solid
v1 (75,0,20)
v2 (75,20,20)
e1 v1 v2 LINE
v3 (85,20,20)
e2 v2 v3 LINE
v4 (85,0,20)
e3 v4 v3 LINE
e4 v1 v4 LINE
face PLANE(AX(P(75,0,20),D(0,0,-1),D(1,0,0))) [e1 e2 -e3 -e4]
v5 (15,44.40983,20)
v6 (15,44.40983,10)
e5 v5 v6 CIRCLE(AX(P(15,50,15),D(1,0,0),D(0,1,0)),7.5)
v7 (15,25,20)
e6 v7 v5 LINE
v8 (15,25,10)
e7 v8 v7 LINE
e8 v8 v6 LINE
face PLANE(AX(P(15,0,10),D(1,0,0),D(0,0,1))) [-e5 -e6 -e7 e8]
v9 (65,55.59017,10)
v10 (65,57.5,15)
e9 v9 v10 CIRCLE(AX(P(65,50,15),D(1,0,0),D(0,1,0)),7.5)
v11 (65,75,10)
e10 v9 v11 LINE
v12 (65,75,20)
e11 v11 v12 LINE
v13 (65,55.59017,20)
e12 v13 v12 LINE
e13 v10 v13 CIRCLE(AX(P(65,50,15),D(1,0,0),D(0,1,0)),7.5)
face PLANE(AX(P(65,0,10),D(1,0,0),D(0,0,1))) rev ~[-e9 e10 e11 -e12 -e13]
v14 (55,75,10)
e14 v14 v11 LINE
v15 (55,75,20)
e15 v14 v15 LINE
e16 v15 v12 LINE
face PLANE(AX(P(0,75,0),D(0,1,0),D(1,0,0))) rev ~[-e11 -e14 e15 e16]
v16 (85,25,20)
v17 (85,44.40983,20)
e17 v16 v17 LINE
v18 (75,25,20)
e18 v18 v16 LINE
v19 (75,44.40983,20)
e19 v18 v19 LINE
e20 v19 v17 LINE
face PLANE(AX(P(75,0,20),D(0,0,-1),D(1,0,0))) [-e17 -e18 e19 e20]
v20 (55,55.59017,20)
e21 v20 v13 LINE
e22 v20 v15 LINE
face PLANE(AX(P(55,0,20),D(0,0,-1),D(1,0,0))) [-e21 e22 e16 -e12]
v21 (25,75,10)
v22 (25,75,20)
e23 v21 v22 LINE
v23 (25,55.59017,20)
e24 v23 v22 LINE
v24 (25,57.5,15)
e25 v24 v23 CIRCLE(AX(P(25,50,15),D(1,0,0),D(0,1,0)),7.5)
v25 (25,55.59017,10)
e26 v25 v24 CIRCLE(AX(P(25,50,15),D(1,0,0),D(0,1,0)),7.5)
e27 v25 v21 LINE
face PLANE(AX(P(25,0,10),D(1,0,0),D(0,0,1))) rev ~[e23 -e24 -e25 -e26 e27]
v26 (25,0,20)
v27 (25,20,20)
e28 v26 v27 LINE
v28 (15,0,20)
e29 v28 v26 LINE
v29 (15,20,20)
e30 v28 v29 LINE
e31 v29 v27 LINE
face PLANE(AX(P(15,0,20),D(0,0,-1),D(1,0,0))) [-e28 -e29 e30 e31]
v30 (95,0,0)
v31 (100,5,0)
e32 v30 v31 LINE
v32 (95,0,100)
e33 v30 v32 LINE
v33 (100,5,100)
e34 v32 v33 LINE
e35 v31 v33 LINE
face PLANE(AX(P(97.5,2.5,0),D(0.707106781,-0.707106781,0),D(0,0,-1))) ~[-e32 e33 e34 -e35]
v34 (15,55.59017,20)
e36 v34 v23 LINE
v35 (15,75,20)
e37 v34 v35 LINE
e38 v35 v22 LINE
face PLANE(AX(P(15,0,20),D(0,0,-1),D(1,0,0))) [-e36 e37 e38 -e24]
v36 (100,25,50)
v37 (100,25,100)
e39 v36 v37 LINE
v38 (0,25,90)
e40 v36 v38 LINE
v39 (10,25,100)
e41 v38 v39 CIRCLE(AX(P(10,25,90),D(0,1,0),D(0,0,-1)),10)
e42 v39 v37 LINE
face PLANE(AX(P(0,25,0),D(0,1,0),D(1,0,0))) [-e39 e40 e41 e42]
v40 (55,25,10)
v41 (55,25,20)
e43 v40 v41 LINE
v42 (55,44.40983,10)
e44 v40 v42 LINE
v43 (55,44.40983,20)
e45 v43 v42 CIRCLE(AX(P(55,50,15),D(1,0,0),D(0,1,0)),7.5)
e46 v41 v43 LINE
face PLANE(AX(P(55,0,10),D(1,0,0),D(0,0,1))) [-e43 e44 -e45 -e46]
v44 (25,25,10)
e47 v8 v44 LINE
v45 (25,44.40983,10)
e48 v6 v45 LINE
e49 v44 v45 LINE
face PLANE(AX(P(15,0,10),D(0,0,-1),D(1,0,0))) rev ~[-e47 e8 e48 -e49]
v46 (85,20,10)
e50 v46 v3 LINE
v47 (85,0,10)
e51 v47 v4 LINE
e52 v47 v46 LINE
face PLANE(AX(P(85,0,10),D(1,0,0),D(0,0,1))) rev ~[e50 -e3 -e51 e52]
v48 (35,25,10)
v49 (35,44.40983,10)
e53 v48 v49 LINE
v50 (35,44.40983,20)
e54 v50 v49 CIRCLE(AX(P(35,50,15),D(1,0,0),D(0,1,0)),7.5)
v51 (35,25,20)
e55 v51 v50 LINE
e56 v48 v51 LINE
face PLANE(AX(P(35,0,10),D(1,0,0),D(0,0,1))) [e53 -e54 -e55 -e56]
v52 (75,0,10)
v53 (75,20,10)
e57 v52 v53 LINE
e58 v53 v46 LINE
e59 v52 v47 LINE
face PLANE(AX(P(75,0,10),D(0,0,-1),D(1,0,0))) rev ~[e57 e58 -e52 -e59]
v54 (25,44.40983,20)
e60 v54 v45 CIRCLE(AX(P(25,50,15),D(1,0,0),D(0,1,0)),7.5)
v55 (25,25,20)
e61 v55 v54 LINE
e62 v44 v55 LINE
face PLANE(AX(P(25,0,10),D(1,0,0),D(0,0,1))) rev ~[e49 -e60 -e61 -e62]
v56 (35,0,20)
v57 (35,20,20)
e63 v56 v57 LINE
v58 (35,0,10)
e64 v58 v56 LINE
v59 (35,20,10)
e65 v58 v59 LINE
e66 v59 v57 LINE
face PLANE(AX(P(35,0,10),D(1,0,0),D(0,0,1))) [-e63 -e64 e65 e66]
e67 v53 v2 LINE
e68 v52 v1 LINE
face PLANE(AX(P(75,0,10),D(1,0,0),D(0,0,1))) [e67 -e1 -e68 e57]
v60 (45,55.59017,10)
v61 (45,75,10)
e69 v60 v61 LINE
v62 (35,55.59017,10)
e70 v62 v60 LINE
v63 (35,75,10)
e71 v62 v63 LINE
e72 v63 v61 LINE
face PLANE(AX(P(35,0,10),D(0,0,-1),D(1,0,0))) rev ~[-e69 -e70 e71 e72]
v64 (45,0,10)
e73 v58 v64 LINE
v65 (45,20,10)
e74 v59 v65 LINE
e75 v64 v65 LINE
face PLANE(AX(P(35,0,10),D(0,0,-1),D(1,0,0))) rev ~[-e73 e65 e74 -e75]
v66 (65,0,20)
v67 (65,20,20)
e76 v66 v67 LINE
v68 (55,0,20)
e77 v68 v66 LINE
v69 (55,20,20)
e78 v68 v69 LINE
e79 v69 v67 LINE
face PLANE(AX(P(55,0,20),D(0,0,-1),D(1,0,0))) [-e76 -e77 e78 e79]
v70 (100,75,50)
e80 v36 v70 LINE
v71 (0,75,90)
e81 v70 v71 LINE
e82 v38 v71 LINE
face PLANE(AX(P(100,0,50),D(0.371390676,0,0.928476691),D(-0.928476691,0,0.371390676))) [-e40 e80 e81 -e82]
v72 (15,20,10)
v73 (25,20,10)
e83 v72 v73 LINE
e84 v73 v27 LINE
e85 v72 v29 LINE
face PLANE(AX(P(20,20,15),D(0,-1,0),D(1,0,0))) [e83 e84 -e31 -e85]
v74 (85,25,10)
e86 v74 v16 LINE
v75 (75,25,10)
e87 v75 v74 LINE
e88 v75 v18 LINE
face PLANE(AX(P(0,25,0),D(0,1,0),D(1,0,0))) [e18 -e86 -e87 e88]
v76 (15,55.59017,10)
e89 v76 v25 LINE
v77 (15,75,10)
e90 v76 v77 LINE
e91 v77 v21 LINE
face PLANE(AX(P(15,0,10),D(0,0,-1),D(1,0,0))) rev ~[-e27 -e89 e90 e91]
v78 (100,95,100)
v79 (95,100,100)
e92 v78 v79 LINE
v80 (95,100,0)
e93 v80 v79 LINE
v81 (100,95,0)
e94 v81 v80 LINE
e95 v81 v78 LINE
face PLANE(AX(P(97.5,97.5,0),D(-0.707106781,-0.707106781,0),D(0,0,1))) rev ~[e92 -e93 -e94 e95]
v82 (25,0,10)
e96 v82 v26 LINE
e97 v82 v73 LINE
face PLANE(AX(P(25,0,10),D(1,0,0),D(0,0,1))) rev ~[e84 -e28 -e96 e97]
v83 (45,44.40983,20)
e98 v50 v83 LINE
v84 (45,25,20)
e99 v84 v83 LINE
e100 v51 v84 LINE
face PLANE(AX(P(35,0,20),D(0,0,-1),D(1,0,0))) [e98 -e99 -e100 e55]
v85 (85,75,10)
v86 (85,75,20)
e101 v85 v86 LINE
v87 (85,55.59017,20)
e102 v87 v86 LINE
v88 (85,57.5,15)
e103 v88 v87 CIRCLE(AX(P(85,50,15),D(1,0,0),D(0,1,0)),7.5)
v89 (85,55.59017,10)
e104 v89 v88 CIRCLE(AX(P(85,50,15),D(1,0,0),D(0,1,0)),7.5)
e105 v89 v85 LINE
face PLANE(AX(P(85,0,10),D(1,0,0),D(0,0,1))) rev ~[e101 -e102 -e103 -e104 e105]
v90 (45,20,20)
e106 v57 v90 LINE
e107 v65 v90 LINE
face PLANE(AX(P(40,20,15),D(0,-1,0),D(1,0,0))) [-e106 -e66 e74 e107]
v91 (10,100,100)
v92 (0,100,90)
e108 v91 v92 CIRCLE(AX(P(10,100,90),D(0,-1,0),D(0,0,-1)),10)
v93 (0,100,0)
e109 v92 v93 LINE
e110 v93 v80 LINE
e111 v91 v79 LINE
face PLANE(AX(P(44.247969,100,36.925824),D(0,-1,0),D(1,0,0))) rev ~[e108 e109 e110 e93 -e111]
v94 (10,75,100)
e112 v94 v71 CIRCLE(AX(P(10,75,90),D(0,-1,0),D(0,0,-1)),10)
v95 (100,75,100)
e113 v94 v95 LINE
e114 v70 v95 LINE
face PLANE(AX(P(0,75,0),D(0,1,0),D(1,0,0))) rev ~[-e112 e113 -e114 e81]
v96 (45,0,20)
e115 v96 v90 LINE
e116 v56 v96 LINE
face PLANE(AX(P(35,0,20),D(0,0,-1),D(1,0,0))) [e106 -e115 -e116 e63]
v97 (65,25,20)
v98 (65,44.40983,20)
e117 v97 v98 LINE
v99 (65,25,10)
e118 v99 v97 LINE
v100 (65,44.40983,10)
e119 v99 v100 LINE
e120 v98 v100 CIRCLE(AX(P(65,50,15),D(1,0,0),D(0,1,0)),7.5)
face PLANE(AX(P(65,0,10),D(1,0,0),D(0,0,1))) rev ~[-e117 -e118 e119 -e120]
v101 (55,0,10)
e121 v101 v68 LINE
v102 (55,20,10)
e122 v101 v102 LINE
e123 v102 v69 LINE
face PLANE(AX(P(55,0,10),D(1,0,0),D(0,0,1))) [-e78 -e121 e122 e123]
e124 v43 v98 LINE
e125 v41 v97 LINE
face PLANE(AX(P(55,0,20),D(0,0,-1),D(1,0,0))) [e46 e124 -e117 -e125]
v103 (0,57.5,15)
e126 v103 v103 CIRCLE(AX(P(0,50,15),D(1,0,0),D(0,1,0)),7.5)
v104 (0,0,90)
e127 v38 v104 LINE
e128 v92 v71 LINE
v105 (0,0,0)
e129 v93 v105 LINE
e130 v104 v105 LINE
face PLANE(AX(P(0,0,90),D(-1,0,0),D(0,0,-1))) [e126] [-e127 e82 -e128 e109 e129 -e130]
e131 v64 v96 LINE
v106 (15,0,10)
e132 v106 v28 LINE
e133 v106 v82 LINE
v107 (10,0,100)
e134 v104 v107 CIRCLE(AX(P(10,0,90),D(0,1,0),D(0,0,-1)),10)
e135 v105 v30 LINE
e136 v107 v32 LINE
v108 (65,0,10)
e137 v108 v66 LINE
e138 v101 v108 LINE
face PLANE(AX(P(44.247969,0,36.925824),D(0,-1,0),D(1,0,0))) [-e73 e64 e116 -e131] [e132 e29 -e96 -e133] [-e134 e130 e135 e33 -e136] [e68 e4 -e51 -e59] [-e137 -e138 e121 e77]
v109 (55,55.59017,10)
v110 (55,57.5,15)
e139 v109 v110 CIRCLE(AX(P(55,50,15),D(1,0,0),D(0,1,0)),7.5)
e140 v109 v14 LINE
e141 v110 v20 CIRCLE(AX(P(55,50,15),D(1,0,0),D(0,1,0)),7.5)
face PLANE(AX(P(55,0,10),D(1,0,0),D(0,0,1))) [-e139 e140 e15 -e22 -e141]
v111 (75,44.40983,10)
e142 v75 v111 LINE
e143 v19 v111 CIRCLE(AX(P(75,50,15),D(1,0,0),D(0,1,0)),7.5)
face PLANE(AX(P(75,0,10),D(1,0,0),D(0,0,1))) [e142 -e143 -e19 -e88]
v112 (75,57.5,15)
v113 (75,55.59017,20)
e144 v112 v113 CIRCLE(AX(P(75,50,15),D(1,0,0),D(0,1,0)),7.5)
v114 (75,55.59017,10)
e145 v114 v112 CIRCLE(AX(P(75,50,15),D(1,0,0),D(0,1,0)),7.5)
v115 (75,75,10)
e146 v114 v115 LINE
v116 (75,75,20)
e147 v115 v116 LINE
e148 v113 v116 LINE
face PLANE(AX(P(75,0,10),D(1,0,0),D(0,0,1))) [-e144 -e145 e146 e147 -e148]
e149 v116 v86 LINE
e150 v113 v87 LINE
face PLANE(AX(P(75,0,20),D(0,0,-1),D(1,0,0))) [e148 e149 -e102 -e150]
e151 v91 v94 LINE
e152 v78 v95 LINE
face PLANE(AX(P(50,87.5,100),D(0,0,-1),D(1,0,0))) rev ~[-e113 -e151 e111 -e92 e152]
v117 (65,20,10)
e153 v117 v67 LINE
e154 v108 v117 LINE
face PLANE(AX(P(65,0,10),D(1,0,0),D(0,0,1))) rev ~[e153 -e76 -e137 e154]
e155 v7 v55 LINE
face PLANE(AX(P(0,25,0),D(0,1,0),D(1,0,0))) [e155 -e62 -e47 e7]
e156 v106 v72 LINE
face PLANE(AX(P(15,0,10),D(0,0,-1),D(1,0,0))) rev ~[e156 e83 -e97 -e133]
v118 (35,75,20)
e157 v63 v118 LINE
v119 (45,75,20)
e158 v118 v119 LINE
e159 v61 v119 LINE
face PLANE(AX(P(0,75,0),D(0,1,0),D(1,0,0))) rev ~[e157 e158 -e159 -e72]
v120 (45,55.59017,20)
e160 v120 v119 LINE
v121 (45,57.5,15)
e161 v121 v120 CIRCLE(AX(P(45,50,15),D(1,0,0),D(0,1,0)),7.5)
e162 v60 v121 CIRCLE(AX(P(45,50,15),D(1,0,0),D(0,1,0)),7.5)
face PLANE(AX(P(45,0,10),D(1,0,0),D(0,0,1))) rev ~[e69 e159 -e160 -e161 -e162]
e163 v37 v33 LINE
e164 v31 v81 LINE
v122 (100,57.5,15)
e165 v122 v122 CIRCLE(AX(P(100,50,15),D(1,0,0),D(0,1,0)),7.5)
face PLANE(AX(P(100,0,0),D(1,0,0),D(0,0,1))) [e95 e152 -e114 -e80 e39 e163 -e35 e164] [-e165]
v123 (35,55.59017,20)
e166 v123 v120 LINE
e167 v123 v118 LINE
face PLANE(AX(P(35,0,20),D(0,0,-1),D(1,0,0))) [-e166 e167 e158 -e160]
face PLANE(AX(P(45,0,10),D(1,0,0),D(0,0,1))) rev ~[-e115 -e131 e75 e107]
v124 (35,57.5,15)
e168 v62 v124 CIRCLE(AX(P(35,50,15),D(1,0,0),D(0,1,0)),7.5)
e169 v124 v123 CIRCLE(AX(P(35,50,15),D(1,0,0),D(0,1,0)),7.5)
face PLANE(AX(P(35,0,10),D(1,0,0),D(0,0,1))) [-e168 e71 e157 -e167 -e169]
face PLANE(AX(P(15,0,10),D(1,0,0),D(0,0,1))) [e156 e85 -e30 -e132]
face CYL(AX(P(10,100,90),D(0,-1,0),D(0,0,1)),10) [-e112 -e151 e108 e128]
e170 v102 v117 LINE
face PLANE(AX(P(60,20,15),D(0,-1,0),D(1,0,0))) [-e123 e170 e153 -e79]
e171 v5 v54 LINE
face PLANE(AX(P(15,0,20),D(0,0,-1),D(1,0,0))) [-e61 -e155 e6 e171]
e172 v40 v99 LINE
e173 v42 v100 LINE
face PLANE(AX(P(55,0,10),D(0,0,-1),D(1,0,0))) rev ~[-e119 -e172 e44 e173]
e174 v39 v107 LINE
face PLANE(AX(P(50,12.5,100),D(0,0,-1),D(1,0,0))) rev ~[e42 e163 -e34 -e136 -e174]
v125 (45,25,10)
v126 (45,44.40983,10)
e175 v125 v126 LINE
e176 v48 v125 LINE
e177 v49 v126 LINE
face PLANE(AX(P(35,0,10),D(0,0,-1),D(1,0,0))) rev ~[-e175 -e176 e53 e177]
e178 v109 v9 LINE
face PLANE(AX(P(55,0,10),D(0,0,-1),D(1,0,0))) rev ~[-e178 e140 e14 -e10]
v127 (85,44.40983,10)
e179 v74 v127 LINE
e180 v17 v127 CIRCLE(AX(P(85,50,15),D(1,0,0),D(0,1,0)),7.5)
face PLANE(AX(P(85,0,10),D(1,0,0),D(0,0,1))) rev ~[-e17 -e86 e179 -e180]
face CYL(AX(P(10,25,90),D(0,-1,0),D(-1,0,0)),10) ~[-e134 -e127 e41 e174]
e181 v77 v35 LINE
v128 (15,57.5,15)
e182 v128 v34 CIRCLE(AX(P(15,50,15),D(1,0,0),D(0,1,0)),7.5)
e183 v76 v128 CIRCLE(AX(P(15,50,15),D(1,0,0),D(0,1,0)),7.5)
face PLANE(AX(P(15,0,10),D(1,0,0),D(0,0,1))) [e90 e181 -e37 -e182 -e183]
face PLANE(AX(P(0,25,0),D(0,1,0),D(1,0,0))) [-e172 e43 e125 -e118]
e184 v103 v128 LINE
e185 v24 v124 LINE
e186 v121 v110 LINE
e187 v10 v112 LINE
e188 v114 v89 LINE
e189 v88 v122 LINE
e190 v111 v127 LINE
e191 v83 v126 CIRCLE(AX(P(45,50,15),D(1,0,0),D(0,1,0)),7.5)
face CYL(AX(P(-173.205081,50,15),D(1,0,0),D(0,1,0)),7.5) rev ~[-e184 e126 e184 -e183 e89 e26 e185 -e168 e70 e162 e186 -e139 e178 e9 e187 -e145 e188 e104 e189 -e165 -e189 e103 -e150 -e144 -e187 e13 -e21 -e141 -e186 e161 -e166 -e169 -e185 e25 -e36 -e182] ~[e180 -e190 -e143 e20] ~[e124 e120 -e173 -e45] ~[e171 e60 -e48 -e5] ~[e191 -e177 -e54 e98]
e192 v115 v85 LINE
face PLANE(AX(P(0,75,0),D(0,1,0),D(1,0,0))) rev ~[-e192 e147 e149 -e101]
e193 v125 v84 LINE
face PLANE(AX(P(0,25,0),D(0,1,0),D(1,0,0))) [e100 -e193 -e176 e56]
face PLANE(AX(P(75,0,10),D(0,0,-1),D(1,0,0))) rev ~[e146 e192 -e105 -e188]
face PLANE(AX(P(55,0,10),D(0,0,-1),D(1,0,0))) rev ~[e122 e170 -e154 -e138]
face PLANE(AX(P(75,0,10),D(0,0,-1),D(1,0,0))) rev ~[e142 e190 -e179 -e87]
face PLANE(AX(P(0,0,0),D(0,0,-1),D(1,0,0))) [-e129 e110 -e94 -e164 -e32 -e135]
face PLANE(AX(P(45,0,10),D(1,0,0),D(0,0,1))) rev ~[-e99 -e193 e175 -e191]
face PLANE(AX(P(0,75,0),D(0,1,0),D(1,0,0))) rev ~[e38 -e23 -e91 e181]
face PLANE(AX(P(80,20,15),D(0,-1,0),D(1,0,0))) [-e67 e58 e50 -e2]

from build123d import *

# Parameters (mm, degrees)
F0_W     = 10
F0_H     = 10
F1_DEPTH = 100
F2_W     = 100
F2_H     = 25
F3_DEPTH = 100
F4_R     = 10
F6_D     = 15
F7_DEPTH = 20
F8_SIZE  = 5


with BuildPart() as f1:
    # F0 (on Front) → F1 (new body)
    with BuildSketch(Plane.XZ):
        Polygon((100, 50), (0, 90), (0, 10), (0, 0), (100, 0), align=None)
        with Locations((20, 15)):
            Rectangle(F0_W, F0_H, mode=Mode.SUBTRACT)
        with Locations((40, 15)):
            Rectangle(F0_W, F0_H, mode=Mode.SUBTRACT)
        with Locations((60, 15)):
            Rectangle(F0_W, F0_H, mode=Mode.SUBTRACT)
        with Locations((80, 15)):
            Rectangle(F0_W, F0_H, mode=Mode.SUBTRACT)
    extrude(amount=-F1_DEPTH)

    # F2 (on face) → F3 (join)
    with BuildSketch(Plane(origin=(0, 0, 0), x_dir=(1, 0, 0), z_dir=(0, 0, -1))):
        with Locations((50, -12.5)):
            Rectangle(F2_W, F2_H)
        with Locations((50, -87.5)):
            Rectangle(F2_W, F2_H)
    extrude(amount=-F3_DEPTH)

    # F4
    f4_edges = [f1.edges().sort_by_distance(p)[0] for p in [
        (0, 12.5, 100),
        (0, 87.5, 100),
    ]]
    fillet(f4_edges, radius=F4_R)

    # F6 (through all)
    with Locations(Plane(origin=(0, 0, 0), x_dir=(0, -1, 0), z_dir=(-1, 0, 0))):
        with Locations((-50, 15)):
            Hole(F6_D / 2)

    # F0 (on Front) → F7 (cut)
    with BuildSketch(Plane.XZ):
        with Locations((80, 15)):
            Rectangle(F0_W, F0_H)
        with Locations((60, 15)):
            Rectangle(F0_W, F0_H)
        with Locations((40, 15)):
            Rectangle(F0_W, F0_H)
        with Locations((20, 15)):
            Rectangle(F0_W, F0_H)
    extrude(amount=-F7_DEPTH, mode=Mode.SUBTRACT)

    # F8
    f8_edges = [f1.edges().sort_by_distance(p)[0] for p in [
        (100, 0, 50),
        (100, 100, 50),
    ]]
    chamfer(f8_edges, length=F8_SIZE)


solid = f1.part
